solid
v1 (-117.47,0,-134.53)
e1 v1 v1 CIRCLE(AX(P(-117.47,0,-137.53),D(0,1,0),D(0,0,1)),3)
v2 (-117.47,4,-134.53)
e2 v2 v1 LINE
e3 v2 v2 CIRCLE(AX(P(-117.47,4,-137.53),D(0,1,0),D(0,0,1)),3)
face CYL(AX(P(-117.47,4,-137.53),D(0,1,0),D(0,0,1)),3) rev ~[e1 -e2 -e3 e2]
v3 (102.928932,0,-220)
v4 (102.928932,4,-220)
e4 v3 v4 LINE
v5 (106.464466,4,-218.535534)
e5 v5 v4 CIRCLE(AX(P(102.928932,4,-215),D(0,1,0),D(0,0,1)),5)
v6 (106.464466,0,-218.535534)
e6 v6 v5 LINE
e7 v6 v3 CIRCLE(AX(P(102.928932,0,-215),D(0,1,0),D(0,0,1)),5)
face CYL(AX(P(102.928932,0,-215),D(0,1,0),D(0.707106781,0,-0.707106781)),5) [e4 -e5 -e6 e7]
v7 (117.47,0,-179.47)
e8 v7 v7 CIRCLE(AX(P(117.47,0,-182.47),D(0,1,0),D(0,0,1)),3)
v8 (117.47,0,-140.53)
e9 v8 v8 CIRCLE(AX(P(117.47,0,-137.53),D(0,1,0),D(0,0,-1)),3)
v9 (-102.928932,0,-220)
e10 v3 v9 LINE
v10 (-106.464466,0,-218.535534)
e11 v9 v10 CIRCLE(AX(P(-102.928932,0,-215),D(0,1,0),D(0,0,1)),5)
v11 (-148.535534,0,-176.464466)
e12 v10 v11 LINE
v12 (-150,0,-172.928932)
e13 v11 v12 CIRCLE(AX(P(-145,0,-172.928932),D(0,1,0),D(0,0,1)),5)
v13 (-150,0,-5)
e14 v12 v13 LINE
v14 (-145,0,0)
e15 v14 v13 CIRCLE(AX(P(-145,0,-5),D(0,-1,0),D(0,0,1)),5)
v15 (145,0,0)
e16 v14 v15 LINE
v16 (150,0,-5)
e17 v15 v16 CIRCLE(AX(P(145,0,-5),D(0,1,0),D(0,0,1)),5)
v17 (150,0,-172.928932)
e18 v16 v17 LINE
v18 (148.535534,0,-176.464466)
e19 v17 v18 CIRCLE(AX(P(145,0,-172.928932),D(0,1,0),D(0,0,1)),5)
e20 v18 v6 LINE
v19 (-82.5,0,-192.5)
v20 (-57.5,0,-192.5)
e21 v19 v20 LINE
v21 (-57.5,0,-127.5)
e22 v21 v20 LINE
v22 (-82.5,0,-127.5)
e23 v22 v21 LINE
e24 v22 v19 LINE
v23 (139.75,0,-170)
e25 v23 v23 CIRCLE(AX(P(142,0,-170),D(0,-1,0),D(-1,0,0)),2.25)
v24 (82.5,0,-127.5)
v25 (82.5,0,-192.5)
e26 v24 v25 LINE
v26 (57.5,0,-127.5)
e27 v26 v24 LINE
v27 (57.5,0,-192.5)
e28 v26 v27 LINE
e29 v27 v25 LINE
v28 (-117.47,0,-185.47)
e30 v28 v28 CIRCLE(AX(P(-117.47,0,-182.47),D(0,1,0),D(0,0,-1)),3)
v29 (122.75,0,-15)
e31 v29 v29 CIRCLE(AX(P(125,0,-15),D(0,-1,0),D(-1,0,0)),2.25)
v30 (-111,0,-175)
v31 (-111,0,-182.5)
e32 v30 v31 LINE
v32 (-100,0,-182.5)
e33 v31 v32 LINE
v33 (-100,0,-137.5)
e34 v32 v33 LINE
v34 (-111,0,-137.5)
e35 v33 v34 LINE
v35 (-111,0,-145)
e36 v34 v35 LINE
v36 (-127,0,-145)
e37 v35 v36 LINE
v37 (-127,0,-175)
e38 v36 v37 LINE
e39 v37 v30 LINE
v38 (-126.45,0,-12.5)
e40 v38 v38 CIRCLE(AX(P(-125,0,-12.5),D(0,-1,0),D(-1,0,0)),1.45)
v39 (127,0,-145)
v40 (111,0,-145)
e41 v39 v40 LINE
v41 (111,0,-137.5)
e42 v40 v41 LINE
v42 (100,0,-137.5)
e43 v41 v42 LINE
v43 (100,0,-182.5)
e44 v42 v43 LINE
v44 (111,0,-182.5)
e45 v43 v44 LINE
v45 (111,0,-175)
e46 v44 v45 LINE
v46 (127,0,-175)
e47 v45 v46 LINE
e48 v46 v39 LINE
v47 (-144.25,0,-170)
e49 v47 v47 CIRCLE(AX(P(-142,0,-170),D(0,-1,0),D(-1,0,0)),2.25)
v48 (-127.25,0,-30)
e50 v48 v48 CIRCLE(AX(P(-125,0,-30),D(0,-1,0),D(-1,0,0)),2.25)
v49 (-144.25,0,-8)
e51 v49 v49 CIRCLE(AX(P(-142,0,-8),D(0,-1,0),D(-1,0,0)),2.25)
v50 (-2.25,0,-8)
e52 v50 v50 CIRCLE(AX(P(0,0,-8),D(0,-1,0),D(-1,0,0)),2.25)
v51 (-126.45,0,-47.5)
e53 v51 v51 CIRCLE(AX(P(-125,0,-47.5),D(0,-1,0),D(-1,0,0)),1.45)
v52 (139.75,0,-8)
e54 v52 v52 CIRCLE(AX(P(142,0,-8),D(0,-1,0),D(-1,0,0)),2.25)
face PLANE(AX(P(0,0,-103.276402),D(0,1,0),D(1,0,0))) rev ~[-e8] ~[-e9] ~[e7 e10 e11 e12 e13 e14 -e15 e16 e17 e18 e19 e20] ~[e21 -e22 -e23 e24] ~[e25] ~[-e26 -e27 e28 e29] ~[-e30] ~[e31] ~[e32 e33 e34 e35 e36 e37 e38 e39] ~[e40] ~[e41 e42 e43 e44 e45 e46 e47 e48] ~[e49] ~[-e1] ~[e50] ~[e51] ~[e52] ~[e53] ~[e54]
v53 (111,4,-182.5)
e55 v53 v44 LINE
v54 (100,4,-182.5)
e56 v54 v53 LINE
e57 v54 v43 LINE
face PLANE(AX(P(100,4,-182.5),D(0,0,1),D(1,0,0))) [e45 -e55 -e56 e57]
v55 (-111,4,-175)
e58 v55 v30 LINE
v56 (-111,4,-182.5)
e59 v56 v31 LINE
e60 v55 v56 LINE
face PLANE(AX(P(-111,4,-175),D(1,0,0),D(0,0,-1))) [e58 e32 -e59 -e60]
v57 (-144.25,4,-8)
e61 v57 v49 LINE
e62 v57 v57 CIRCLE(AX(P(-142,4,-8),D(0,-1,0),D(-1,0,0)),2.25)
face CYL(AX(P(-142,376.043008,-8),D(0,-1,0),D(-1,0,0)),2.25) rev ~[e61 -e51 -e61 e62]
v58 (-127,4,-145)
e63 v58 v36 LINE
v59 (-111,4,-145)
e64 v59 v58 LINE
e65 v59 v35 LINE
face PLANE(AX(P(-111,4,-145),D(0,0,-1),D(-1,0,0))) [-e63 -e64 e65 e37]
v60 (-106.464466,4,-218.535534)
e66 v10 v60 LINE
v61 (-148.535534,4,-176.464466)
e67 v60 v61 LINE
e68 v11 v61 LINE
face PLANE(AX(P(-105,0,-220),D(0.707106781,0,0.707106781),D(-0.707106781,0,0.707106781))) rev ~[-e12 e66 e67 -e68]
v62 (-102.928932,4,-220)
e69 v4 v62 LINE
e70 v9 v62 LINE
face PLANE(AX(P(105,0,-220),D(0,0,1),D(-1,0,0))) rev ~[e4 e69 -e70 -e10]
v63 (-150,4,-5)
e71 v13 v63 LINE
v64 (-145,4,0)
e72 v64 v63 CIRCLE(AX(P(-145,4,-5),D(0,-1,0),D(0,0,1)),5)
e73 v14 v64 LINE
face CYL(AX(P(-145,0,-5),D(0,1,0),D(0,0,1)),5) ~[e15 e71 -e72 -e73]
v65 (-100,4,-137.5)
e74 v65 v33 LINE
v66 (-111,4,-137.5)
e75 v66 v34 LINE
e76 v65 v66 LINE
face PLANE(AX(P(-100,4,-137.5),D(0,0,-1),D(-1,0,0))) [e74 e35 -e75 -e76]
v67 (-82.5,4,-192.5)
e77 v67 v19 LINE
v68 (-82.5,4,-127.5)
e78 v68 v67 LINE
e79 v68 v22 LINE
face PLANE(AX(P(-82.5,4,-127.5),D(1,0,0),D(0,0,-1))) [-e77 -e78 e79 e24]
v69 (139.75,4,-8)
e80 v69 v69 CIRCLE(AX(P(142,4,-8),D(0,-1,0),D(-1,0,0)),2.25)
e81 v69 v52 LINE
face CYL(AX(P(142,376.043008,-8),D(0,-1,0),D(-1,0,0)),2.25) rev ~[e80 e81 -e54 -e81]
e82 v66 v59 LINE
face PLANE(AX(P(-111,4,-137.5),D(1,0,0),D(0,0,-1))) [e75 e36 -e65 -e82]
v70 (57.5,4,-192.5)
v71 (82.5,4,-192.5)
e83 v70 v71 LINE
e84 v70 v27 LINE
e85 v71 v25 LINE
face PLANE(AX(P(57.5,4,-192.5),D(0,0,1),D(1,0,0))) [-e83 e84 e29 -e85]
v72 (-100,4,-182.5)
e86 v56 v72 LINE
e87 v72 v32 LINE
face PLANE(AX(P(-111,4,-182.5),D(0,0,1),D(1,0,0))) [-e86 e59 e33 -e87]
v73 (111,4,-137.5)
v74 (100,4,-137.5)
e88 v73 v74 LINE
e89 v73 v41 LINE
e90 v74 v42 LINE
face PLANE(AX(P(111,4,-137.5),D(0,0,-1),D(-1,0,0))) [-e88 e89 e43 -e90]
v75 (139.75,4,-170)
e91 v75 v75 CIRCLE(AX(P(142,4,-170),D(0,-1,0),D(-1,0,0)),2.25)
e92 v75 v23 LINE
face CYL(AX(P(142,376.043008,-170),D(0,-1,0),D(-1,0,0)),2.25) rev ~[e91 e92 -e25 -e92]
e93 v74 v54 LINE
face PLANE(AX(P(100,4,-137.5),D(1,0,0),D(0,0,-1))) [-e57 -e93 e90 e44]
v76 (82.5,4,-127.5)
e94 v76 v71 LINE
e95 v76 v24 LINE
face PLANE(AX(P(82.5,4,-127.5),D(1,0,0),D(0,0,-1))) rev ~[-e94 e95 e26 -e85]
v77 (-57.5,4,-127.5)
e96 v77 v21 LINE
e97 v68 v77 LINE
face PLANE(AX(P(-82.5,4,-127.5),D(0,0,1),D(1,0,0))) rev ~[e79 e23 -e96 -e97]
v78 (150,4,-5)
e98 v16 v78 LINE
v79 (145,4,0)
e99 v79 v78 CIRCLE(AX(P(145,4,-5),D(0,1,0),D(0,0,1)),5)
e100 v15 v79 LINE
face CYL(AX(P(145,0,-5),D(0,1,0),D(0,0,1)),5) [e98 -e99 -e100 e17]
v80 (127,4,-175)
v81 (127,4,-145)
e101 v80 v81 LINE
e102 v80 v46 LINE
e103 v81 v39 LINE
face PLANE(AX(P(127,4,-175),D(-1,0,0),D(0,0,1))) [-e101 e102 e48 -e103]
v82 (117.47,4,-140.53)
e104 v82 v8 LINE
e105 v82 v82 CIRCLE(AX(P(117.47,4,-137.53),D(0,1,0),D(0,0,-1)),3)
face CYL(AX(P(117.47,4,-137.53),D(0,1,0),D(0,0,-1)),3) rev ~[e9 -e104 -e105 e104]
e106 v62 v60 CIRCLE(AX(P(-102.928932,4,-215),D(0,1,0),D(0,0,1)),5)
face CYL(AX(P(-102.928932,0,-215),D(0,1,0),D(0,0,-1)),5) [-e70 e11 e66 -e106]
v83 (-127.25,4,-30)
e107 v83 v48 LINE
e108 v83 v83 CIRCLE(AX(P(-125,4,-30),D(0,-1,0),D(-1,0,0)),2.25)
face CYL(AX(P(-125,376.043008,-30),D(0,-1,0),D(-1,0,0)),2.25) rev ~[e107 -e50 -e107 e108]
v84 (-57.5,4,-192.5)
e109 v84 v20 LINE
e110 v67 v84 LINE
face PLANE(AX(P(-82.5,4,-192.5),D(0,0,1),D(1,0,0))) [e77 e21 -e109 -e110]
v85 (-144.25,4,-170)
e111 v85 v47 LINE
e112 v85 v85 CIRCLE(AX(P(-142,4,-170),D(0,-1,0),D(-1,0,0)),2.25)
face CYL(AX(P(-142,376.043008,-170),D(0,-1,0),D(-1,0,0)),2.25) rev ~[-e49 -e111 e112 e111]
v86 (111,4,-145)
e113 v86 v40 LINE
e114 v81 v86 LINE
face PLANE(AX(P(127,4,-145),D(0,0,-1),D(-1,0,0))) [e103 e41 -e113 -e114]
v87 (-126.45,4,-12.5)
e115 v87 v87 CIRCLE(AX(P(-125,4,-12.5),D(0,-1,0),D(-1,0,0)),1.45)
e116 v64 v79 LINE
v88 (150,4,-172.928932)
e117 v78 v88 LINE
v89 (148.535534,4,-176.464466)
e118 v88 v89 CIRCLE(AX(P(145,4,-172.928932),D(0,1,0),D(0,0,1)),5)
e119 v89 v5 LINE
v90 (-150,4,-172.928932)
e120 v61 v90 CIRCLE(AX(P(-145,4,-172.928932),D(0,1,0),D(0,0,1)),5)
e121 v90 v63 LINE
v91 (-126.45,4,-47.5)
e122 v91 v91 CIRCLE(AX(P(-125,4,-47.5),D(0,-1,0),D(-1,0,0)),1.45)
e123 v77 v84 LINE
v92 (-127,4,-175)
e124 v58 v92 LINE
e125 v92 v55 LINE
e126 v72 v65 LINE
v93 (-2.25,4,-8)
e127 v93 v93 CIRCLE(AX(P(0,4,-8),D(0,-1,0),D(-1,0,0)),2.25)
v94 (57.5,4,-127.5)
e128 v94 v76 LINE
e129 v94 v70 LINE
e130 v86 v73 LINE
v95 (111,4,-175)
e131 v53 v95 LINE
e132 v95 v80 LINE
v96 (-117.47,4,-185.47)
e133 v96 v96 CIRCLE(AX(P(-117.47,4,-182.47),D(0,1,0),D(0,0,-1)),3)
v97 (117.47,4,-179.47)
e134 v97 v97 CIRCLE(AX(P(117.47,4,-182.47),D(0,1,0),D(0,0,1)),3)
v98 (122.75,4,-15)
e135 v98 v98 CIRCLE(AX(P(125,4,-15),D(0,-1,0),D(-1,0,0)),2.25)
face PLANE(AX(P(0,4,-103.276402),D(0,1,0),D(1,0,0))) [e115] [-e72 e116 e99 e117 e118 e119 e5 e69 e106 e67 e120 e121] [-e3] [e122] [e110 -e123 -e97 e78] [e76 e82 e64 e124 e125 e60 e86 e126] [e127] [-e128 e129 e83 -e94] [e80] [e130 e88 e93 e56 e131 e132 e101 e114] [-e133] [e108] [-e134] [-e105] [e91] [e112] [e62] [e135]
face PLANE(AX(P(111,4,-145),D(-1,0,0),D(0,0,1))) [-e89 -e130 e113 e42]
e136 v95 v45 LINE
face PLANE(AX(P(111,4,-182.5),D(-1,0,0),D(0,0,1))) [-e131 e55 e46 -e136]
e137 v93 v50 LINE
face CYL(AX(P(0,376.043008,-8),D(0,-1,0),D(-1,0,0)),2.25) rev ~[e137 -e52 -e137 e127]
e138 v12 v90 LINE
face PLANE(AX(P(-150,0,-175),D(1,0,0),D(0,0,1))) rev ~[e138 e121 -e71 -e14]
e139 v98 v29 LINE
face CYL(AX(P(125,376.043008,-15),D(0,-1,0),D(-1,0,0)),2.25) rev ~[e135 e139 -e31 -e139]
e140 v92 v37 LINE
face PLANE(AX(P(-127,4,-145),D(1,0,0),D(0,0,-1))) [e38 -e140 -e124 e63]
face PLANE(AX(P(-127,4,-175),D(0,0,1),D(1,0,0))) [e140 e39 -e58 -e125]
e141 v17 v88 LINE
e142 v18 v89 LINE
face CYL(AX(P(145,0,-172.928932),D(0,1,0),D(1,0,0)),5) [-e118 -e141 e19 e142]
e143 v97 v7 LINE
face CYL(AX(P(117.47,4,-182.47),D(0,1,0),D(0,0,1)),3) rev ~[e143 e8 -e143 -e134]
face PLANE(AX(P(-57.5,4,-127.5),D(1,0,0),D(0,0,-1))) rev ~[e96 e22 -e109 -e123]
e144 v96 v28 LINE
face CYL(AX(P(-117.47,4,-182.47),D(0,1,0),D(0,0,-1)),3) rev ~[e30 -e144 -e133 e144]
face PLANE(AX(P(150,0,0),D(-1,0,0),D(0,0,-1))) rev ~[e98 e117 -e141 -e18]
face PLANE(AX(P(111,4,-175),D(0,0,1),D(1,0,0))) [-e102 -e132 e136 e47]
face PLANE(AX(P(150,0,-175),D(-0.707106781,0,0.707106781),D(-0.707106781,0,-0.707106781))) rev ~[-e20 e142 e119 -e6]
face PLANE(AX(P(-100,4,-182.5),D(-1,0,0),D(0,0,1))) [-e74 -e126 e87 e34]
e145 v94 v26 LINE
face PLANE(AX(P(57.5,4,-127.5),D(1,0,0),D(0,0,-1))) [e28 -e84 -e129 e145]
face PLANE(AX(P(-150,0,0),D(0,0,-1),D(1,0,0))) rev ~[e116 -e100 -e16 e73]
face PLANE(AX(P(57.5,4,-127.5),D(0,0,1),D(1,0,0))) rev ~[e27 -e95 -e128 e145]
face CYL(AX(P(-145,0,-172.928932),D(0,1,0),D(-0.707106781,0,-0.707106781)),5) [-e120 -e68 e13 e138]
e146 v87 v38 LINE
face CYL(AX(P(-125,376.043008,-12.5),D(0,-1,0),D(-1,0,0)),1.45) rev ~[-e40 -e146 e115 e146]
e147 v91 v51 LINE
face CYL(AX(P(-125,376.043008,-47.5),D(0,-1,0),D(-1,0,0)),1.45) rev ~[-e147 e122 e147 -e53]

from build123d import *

# Parameters (mm, degrees)
MAIN_EXTRUSION_DEPTH    = 4
CORNER_LEAVE_R          = 5
ESQUISSE2_R             = 3
ESQUISSE2_W             = 25
ESQUISSE2_H             = 65
ENL_V_MAT_EXTRU_1_DEPTH = 267.30058205
D_GAGEMENT_M41_D        = 4.5
D_GAGEMENT_M42_D        = 4.5
D_GAGEMENT_M2_51_D      = 2.9


with BuildPart() as part:
    # Main scetch → Main extrusion (new body)
    with BuildSketch(Plane(origin=(0, 0, 0), x_dir=(1, 0, 0), z_dir=(0, 1, 0))):
        Polygon((-150, 0), (150, 0), (150, 175), (105, 220), (-105, 220), (-150, 175), align=None)
    extrude(amount=MAIN_EXTRUSION_DEPTH)

    # Corner leave
    corner_leave_edges = [part.edges().sort_by_distance(p)[0] for p in [
        (150, 2, 0),
        (-150, 2, 0),
        (-150, 2, -175),
        (-105, 2, -220),
        (105, 2, -220),
        (150, 2, -175),
    ]]
    fillet(corner_leave_edges, radius=CORNER_LEAVE_R)

    # Esquisse2 → Enlèv. mat.-Extru.1 (cut, through all)
    with BuildSketch(Plane(origin=(0, 4, 0), x_dir=(1, 0, 0), z_dir=(0, 1, 0))):
        with Locations(Location((117.47, 182.47, 0), (0, 0, 270))):
            Circle(ESQUISSE2_R)
        with Locations(Location((117.47, 137.53, 0), (0, 0, 90))):
            Circle(ESQUISSE2_R)
        with Locations(Location((-117.47, 137.53, 0), (0, 0, 270))):
            Circle(ESQUISSE2_R)
        with Locations(Location((-117.47, 182.47, 0), (0, 0, 90))):
            Circle(ESQUISSE2_R)
        with Locations((70, 160)):
            Rectangle(ESQUISSE2_W, ESQUISSE2_H)
        Polygon((100, 137.5), (100, 182.5), (111, 182.5), (111, 175), (127, 175), (127, 145), (111, 145), (111, 137.5), align=None)
        Polygon((-111, 137.5), (-111, 145), (-127, 145), (-127, 175), (-111, 175), (-111, 182.5), (-100, 182.5), (-100, 137.5), align=None)
        with Locations((-70, 160)):
            Rectangle(ESQUISSE2_W, ESQUISSE2_H)
    extrude(amount=-ENL_V_MAT_EXTRU_1_DEPTH, mode=Mode.SUBTRACT)

    # Dégagement M41 (through all)
    with Locations(Plane(origin=(0, 4, 0), x_dir=(1, 0, 0), z_dir=(0, 1, 0))):
        with Locations((-125, 30), (125, 15)):
            Hole(D_GAGEMENT_M41_D / 2)

    # Dégagement M42 (through all)
    with Locations(Plane(origin=(0, 4, 0), x_dir=(1, 0, 0), z_dir=(0, 1, 0))):
        with Locations((-142, 8), (0, 8), (142, 8), (142, 170), (-142, 170)):
            Hole(D_GAGEMENT_M42_D / 2)

    # Dégagement M2.51 (through all)
    with Locations(Plane(origin=(0, 4, 0), x_dir=(1, 0, 0), z_dir=(0, 1, 0))):
        with Locations((-125, 47.5), (-125, 12.5)):
            Hole(D_GAGEMENT_M2_51_D / 2)


solid = part.part
